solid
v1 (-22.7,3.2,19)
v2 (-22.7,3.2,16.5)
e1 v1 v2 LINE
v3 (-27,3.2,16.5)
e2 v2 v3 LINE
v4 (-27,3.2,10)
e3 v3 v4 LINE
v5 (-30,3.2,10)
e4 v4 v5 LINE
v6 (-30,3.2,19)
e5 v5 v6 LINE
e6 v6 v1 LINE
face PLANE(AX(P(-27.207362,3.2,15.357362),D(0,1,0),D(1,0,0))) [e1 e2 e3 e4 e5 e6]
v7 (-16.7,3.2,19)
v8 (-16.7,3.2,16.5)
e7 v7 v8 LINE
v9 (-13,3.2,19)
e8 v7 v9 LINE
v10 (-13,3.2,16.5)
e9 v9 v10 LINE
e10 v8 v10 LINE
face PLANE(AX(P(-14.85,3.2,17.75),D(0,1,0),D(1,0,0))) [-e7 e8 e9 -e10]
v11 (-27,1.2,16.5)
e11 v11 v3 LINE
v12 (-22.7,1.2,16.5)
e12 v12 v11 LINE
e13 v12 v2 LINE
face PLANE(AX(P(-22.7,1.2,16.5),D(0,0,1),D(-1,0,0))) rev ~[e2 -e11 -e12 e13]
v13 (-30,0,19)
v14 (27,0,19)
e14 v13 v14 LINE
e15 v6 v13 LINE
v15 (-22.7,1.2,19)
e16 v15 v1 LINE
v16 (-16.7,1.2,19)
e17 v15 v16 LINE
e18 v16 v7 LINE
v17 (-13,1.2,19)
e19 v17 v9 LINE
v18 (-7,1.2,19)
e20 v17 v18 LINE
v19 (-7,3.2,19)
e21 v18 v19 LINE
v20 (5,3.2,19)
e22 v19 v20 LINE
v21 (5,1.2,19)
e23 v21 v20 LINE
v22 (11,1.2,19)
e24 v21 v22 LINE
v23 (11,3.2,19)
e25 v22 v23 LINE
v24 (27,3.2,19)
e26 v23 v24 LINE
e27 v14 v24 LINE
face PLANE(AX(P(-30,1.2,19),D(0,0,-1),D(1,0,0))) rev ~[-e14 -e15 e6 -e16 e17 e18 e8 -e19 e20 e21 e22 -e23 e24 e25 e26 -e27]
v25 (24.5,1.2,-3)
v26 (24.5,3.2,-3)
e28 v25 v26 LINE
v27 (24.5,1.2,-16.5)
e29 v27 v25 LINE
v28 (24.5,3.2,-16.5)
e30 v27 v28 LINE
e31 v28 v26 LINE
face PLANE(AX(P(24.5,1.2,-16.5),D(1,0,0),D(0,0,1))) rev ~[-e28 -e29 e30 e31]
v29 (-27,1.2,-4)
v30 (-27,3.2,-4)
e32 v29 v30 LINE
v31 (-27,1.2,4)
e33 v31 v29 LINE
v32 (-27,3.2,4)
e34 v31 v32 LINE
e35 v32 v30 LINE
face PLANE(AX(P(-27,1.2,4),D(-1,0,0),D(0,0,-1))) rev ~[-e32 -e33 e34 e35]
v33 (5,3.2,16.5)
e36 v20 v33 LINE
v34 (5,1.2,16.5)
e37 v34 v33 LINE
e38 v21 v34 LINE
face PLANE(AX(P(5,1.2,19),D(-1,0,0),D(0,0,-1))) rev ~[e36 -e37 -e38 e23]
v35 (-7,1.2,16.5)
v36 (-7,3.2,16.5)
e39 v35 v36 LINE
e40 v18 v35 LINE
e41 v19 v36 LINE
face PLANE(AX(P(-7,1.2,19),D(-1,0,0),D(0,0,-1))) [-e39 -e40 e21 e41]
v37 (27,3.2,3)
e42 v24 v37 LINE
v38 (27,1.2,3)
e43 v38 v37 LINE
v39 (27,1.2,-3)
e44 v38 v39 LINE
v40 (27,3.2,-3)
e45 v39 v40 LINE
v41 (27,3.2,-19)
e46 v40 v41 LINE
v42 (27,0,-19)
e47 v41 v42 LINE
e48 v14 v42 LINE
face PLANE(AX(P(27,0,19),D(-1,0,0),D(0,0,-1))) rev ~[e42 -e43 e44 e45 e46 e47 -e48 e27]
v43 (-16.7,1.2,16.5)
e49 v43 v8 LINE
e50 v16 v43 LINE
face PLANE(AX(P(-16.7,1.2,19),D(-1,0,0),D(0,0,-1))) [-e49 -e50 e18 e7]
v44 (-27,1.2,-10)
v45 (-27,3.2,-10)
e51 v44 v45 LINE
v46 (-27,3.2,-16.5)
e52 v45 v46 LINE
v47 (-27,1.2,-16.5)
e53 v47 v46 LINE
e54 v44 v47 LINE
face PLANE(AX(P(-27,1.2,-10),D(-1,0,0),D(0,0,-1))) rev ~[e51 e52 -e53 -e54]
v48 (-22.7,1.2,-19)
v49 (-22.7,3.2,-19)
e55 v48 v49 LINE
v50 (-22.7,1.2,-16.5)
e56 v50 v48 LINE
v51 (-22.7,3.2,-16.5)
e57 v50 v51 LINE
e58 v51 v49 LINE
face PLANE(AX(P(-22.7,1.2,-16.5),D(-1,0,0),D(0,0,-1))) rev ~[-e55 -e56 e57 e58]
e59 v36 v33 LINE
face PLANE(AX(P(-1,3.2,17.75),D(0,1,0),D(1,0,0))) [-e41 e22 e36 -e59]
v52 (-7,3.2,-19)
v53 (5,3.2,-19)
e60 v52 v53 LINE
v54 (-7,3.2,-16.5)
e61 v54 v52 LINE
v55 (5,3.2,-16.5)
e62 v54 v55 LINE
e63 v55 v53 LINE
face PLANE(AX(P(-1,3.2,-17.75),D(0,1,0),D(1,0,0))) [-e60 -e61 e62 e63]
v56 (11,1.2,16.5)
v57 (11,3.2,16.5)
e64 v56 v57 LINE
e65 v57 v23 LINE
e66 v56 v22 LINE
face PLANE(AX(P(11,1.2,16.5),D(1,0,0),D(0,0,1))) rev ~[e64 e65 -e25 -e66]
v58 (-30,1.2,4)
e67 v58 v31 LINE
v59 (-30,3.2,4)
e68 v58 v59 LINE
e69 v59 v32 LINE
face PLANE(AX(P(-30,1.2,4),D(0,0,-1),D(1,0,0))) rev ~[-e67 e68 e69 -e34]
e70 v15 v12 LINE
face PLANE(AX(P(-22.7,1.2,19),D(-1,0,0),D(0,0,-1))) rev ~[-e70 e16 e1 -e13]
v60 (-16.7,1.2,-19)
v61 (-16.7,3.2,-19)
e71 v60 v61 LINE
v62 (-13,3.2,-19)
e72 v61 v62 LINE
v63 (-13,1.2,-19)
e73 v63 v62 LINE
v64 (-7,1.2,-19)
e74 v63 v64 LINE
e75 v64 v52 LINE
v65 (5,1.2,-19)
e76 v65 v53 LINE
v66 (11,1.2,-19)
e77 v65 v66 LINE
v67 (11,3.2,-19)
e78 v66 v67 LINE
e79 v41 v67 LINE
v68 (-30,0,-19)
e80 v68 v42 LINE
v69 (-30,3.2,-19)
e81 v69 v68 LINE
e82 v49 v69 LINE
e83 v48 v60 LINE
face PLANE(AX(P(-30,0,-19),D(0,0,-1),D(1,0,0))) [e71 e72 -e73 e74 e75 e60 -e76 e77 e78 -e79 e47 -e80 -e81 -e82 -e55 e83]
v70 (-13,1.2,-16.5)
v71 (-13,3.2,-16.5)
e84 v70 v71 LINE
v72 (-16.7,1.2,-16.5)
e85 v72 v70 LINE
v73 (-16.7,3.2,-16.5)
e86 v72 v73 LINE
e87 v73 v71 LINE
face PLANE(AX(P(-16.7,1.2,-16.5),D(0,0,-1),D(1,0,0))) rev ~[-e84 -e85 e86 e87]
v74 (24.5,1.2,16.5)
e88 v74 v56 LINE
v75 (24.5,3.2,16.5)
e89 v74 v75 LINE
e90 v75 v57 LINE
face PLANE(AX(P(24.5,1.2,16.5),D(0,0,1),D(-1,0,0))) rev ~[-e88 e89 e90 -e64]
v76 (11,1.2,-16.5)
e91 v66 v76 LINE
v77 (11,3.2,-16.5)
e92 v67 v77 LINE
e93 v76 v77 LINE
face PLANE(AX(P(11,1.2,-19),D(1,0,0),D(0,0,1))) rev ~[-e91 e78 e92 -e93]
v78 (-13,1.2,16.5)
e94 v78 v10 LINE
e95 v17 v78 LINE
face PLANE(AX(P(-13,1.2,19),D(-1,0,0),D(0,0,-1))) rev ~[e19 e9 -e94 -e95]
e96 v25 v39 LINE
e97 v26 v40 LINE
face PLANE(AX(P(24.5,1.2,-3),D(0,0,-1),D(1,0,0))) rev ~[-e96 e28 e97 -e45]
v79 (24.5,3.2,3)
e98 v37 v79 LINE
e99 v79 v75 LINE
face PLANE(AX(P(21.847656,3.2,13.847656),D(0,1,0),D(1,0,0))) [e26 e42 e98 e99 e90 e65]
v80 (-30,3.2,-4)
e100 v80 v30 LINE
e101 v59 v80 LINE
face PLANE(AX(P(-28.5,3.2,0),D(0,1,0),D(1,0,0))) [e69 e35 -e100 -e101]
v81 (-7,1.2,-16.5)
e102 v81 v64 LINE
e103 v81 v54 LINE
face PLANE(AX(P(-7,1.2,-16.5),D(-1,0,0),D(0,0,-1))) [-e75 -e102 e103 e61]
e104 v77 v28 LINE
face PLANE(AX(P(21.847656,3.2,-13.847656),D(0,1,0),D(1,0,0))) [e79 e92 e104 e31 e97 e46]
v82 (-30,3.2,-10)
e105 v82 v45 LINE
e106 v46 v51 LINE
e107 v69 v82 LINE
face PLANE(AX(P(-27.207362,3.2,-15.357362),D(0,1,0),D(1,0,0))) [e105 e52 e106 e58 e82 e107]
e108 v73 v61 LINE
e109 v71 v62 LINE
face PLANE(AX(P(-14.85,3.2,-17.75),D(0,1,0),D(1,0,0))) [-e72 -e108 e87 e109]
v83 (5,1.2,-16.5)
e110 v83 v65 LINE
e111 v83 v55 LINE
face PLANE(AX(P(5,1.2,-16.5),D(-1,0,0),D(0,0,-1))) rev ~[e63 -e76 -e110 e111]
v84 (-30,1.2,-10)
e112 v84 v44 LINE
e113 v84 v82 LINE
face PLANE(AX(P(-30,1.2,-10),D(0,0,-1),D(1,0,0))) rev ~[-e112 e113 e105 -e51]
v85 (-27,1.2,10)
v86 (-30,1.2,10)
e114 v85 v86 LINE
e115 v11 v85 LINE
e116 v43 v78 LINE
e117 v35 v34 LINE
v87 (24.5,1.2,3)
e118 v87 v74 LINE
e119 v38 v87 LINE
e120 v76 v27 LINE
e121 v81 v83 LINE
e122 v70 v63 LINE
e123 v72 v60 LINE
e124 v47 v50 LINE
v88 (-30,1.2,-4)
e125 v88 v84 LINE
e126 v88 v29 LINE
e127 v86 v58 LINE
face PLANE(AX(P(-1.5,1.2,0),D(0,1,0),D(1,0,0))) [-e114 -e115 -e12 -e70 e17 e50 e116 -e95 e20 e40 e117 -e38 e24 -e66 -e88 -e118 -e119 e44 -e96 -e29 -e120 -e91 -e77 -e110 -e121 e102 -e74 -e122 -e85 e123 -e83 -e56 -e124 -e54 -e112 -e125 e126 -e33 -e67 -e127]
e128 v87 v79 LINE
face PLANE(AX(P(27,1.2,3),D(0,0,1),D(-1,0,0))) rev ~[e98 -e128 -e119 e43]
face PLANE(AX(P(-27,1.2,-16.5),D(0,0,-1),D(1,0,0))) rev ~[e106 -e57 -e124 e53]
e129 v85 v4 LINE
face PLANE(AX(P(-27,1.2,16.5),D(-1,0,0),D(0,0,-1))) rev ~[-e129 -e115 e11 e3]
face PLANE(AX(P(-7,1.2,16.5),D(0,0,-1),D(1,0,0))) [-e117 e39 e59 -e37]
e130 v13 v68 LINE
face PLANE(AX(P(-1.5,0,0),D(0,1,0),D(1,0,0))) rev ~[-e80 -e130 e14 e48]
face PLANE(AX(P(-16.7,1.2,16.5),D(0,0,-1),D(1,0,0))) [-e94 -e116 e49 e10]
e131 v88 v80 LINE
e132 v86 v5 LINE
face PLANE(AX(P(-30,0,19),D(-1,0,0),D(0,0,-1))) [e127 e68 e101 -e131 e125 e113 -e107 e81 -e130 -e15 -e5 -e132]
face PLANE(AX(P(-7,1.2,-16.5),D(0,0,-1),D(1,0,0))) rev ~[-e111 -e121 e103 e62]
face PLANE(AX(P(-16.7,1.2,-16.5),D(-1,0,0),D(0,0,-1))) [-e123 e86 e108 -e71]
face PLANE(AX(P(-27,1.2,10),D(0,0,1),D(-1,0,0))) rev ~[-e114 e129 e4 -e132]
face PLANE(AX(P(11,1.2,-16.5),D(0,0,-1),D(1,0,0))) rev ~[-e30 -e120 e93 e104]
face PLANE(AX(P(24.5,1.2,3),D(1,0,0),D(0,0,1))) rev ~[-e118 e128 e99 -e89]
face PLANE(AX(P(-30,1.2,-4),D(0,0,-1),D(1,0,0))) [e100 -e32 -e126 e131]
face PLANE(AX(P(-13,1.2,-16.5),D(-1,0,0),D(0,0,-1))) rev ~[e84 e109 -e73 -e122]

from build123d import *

# Parameters (mm, degrees)
SKETCH1_W           = 57
SKETCH1_H           = 38
BOSS_EXTRUDE1_DEPTH = 1.2
SKETCH3_W           = 3.7
SKETCH3_H           = 2.5
SKETCH3_W_2         = 3
SKETCH3_H_2         = 8
SKETCH3_W_3         = 12
BOSS_EXTRUDE2_DEPTH = 2


with BuildPart() as part:
    # Sketch1 → Boss-Extrude1 (new body)
    with BuildSketch(Plane(origin=(0, 0, 0), x_dir=(1, 0, 0), z_dir=(0, 1, 0))):
        with Locations((-1.5, 0)):
            Rectangle(SKETCH1_W, SKETCH1_H)
    extrude(amount=BOSS_EXTRUDE1_DEPTH)

    # Sketch3 → Boss-Extrude2 (add)
    with BuildSketch(Plane(origin=(0, 1.2, 0), x_dir=(1, 0, 0), z_dir=(0, 1, 0))):
        Polygon((-22.7, -16.5), (-27, -16.5), (-27, -10), (-30, -10), (-30, -19), (-22.7, -19), align=None)
        with Locations((-14.85, -17.75)):
            Rectangle(SKETCH3_W, SKETCH3_H)
        with Locations((-28.5, 0)):
            Rectangle(SKETCH3_W_2, SKETCH3_H_2)
        with Locations((-1, -17.75)):
            Rectangle(SKETCH3_W_3, SKETCH3_H)
        Polygon((11, -16.5), (11, -19), (27, -19), (27, -3), (24.5, -3), (24.5, -16.5), align=None)
        Polygon((24.5, 16.5), (24.5, 3), (27, 3), (27, 19), (11, 19), (11, 16.5), align=None)
        Polygon((-30, 10), (-27, 10), (-27, 16.5), (-22.7, 16.5), (-22.7, 19), (-30, 19), align=None)
        with Locations((-1, 17.75)):
            Rectangle(SKETCH3_W_3, SKETCH3_H)
        with Locations((-14.85, 17.75)):
            Rectangle(SKETCH3_W, SKETCH3_H)
    extrude(amount=BOSS_EXTRUDE2_DEPTH)


solid = part.part
